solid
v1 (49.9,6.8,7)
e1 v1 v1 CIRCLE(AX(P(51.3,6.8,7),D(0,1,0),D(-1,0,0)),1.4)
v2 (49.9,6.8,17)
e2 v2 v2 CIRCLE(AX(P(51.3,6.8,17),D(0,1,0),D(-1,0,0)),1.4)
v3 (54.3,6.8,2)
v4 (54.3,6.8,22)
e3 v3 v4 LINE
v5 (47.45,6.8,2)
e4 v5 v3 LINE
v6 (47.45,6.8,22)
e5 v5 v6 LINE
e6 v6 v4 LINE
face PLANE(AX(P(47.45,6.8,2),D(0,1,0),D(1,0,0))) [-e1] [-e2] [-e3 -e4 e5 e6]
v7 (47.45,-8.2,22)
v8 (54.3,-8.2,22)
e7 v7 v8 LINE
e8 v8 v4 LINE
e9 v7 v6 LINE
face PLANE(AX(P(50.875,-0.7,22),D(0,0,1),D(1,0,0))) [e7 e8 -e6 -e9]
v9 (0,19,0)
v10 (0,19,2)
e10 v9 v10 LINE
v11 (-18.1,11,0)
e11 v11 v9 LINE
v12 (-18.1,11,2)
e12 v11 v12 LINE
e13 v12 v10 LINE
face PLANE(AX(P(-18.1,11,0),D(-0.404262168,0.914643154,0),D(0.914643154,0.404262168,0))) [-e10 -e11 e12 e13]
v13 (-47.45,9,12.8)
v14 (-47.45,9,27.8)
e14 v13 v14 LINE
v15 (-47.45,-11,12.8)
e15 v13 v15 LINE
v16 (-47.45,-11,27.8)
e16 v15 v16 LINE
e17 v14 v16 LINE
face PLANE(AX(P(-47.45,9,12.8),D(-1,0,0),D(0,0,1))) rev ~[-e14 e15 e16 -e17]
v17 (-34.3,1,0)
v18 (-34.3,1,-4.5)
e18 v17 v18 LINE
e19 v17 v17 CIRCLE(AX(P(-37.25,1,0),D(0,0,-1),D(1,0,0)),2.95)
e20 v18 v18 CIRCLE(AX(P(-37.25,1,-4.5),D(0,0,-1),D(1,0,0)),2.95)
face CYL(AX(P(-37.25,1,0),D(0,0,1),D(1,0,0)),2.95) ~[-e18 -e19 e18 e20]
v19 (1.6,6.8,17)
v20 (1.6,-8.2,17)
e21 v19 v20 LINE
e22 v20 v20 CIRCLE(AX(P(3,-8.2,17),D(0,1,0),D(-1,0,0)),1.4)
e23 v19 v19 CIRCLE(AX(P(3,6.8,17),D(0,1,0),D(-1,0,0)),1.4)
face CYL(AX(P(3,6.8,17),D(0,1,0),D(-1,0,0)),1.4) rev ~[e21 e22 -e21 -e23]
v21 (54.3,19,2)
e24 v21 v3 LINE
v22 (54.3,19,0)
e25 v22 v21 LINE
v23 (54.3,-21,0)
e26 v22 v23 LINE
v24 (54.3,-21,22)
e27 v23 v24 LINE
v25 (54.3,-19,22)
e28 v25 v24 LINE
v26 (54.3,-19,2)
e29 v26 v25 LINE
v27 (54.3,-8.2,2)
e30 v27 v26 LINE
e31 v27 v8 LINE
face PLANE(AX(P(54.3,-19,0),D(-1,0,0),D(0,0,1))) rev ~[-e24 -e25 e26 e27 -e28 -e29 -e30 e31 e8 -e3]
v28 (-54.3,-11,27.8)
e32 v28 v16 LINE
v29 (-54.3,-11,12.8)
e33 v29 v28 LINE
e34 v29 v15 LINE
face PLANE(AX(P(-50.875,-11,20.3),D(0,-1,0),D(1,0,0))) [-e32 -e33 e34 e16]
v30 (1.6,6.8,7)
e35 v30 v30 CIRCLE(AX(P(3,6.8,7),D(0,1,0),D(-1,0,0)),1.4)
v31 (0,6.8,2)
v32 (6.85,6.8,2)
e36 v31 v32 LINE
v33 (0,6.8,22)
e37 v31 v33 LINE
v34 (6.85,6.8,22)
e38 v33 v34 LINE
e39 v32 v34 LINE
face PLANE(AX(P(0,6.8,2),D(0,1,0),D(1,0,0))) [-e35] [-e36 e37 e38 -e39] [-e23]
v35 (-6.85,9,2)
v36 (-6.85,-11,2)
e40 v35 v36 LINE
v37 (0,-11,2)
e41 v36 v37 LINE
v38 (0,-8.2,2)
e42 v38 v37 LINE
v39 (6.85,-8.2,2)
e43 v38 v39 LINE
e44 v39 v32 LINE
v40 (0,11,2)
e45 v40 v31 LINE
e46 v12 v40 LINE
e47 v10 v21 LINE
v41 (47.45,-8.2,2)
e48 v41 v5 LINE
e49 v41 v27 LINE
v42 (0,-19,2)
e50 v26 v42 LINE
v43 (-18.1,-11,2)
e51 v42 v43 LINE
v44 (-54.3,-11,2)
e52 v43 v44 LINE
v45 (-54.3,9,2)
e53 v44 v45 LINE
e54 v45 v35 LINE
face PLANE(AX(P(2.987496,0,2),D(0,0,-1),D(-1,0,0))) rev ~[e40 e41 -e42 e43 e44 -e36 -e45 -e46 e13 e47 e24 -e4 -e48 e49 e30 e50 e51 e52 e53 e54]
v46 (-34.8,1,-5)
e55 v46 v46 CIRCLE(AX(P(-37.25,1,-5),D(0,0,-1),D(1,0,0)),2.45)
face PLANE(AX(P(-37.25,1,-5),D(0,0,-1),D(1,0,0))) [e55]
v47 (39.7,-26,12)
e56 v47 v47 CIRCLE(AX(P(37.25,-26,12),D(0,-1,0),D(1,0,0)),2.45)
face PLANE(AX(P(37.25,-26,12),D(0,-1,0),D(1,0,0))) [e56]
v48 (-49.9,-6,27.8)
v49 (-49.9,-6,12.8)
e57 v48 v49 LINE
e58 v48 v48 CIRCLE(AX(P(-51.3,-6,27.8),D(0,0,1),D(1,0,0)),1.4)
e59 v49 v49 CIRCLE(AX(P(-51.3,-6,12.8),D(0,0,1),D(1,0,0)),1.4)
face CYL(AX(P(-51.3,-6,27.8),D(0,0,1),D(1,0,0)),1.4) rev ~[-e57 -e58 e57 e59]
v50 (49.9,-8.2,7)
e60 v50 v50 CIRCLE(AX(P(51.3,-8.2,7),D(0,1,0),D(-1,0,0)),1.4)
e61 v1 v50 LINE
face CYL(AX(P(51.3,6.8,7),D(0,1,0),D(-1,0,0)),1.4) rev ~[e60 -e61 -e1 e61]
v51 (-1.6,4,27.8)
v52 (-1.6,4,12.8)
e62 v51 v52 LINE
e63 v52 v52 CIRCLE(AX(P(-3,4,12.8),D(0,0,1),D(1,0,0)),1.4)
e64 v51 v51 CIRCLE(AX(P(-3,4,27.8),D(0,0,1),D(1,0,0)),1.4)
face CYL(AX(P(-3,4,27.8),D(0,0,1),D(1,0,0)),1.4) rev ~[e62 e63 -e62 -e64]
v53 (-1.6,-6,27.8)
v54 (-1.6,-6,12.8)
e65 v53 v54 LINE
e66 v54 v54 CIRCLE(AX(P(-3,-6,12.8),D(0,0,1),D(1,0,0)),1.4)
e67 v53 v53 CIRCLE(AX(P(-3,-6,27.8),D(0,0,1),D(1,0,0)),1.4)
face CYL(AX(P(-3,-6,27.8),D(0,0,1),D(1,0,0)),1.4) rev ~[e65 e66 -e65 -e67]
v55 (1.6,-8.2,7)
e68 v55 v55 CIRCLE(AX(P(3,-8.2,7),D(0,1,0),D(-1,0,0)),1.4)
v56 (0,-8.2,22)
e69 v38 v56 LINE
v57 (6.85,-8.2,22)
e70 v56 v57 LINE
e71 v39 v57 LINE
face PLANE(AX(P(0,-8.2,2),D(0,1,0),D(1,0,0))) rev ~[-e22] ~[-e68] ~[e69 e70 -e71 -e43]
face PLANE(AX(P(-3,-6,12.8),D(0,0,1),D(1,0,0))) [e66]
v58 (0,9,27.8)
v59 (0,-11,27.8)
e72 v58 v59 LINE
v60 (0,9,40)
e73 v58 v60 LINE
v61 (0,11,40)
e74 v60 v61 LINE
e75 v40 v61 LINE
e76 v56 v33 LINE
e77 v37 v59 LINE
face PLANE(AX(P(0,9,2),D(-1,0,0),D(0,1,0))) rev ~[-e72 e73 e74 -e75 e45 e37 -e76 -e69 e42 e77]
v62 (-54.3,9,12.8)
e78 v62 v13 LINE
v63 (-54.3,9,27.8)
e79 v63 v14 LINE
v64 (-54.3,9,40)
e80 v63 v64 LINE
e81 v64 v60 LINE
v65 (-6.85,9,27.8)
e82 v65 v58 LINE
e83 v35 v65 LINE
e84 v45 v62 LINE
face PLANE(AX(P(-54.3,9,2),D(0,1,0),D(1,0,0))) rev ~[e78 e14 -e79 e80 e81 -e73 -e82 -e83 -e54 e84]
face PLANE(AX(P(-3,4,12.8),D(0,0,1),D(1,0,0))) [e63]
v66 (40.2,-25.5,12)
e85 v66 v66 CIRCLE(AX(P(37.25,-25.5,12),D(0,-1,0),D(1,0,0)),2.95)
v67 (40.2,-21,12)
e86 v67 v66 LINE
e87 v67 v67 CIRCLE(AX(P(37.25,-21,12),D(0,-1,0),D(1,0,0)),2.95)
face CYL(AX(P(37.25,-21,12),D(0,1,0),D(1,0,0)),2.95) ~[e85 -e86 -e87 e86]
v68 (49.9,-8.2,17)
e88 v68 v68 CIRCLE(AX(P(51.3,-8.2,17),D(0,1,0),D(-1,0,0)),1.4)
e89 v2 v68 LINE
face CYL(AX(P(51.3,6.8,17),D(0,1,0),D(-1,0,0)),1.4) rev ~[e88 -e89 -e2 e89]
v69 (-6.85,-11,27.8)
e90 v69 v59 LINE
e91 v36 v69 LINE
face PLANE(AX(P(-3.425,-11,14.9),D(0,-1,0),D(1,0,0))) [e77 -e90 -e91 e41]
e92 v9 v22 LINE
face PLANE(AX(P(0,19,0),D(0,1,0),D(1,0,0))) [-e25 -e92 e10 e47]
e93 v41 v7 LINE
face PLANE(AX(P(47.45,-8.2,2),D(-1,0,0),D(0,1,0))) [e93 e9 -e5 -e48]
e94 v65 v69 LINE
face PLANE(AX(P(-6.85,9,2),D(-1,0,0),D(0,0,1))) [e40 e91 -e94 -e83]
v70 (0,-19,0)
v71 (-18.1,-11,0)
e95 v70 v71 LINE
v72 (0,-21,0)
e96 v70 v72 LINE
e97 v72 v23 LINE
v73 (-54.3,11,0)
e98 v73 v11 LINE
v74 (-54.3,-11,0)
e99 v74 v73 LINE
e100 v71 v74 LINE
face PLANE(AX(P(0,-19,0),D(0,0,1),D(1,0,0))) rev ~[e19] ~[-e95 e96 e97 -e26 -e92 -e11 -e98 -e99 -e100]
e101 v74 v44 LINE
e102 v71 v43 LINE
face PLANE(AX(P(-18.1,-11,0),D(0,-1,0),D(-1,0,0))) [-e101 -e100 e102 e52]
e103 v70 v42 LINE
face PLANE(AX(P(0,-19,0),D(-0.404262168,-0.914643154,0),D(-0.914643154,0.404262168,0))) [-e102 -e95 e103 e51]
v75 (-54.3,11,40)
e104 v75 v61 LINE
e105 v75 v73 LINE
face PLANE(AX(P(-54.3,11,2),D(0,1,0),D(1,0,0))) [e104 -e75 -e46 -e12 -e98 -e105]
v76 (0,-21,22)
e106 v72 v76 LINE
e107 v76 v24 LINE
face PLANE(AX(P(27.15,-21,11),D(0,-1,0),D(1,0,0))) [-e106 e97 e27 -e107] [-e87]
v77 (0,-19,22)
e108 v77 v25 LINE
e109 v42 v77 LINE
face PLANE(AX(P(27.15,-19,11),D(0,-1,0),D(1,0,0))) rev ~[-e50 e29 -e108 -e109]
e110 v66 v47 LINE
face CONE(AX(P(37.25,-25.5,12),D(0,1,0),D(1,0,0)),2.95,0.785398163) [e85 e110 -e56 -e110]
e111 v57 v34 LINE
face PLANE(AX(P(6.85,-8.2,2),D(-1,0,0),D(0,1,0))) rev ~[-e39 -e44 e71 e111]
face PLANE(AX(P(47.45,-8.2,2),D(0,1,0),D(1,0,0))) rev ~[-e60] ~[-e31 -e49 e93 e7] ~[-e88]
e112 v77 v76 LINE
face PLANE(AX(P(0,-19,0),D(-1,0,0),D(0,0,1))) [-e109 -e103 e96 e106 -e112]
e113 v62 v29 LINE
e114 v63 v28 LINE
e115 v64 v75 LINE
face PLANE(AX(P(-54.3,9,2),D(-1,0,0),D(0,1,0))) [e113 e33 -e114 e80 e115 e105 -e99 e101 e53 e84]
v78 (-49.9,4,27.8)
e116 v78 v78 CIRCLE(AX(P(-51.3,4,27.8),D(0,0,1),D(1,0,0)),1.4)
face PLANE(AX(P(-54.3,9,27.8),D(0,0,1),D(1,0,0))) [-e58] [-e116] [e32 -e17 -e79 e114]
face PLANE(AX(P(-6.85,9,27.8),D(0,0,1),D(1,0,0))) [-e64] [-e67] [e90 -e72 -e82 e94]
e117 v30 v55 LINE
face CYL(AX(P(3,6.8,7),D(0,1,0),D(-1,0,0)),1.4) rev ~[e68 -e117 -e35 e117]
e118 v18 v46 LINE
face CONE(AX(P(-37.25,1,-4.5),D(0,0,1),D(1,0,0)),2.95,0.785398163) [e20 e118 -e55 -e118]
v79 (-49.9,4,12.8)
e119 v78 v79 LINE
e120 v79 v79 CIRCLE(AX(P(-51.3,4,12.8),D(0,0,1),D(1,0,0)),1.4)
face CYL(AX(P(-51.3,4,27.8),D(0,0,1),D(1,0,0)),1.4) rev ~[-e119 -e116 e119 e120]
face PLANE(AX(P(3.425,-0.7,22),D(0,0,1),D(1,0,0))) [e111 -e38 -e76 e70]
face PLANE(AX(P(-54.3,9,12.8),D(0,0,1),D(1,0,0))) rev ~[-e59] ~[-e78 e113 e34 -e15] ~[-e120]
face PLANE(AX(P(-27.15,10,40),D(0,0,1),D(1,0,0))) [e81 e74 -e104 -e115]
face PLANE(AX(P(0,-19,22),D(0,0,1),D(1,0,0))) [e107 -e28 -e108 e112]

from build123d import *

# Parameters (mm, degrees)
PAD_DEPTH       = 2
SKETCH002_W     = 54.3
SKETCH002_H     = 22
PAD001_DEPTH    = 2
SKETCH003_R     = 2.95
PAD002_DEPTH    = 5
CHAMFER_SIZE    = 0.5
SKETCH004_W     = 6.85
SKETCH004_H     = 15
PAD003_DEPTH    = 20
SKETCH005_R     = 1.4
POCKET_DEPTH    = 15
SKETCH006_W     = 6.85
SKETCH006_H     = 15
PAD004_DEPTH    = 20
SKETCH007_R     = 1.4
POCKET001_DEPTH = 15
SKETCH008_W     = 54.3
SKETCH008_H     = 2
PAD005_DEPTH    = 38
SKETCH009_W     = 6.85
SKETCH009_H     = 15
PAD006_DEPTH    = 20
SKETCH010_R     = 1.4
POCKET002_DEPTH = 15
SKETCH011_W     = 6.85
SKETCH011_H     = 25.8
PAD007_DEPTH    = 20
SKETCH012_R     = 1.4
POCKET003_DEPTH = 15
SKETCH013_R     = 2.95
PAD008_DEPTH    = 5
CHAMFER001_SIZE = 0.5


with BuildPart() as part:
    # Sketch → Pad (new body)
    with BuildSketch(Plane.XY):
        Polygon((54.3, 19), (54.3, -19), (0, -19), (-18.1, -11), (-54.3, -11), (-54.3, 11), (-18.1, 11), (0, 19), align=None)
    extrude(amount=PAD_DEPTH)

    # Sketch002 (on Face2 of Pad) → Pad001 (join)
    with BuildSketch(Plane.XZ.offset(19)):
        with Locations((27.15, 11)):
            Rectangle(SKETCH002_W, SKETCH002_H)
    extrude(amount=PAD001_DEPTH)

    # Sketch003 (on Face10 of Pad001) → Pad002 (join)
    with BuildSketch(Plane.XZ.offset(21)):
        with Locations((37.25, 12)):
            Circle(SKETCH003_R)
    extrude(amount=PAD002_DEPTH)

    # Chamfer
    chamfer_edges = [part.edges().sort_by_distance(p)[0] for p in [
        (34.3, -26, 12),
    ]]
    chamfer(chamfer_edges, length=CHAMFER_SIZE)

    # Sketch004 (on Face18 of Chamfer) → Pad003 (join)
    with BuildSketch(Plane.XY.offset(2)):
        with Locations((3.425, -0.7)):
            Rectangle(SKETCH004_W, SKETCH004_H)
    extrude(amount=PAD003_DEPTH)

    # Sketch005 (on Face22 of Pad003) → Pocket (cut)
    with BuildSketch(Plane(origin=(0, 6.8, 0), x_dir=(-1, 0, 0), z_dir=(0, 1, 0))):
        with Locations((-3, 17)):
            Circle(SKETCH005_R)
        with Locations((-3, 7)):
            Circle(SKETCH005_R)
    extrude(amount=-POCKET_DEPTH, mode=Mode.SUBTRACT)

    # Sketch006 (on Face18 of Pocket) → Pad004 (join)
    with BuildSketch(Plane.XY.offset(2)):
        with Locations((50.875, -0.7)):
            Rectangle(SKETCH006_W, SKETCH006_H)
    extrude(amount=PAD004_DEPTH)

    # Sketch007 (on Face20 of Pad004) → Pocket001 (cut)
    with BuildSketch(Plane(origin=(0, 6.8, 0), x_dir=(-1, 0, 0), z_dir=(0, 1, 0))):
        with Locations((-51.3, 17)):
            Circle(SKETCH007_R)
        with Locations((-51.3, 7)):
            Circle(SKETCH007_R)
    extrude(amount=-POCKET001_DEPTH, mode=Mode.SUBTRACT)

    # Sketch008 (on Face18 of Pocket001) → Pad005 (join)
    with BuildSketch(Plane.XY.offset(2)):
        with Locations((-27.15, 10)):
            Rectangle(SKETCH008_W, SKETCH008_H)
    extrude(amount=PAD005_DEPTH)

    # Sketch009 (on Face25 of Pad005) → Pad006 (join)
    with BuildSketch(Plane.XZ.offset(-9)):
        with Locations((-50.875, 20.3)):
            Rectangle(SKETCH009_W, SKETCH009_H)
    extrude(amount=PAD006_DEPTH)

    # Sketch010 (on Face38 of Pad006) → Pocket002 (cut)
    with BuildSketch(Plane.XY.offset(27.8)):
        with Locations((-51.3, -6)):
            Circle(SKETCH010_R)
        with Locations((-51.3, 4)):
            Circle(SKETCH010_R)
    extrude(amount=-POCKET002_DEPTH, mode=Mode.SUBTRACT)

    # Sketch011 (on Face25 of Pocket002) → Pad007 (join)
    with BuildSketch(Plane.XZ.offset(-9)):
        with Locations((-3.425, 14.9)):
            Rectangle(SKETCH011_W, SKETCH011_H)
    extrude(amount=PAD007_DEPTH)

    # Sketch012 (on Face41 of Pad007) → Pocket003 (cut)
    with BuildSketch(Plane.XY.offset(27.8)):
        with Locations((-3, -6)):
            Circle(SKETCH012_R)
        with Locations((-3, 4)):
            Circle(SKETCH012_R)
    extrude(amount=-POCKET003_DEPTH, mode=Mode.SUBTRACT)

    # Sketch013 (on Face9 of Pocket003) → Pad008 (join)
    with BuildSketch(Plane(origin=(0, 0, 0), x_dir=(1, 0, 0), z_dir=(0, 0, -1))):
        with Locations((-37.25, -1)):
            Circle(SKETCH013_R)
    extrude(amount=PAD008_DEPTH)

    # Chamfer001
    chamfer001_edges = [part.edges().sort_by_distance(p)[0] for p in [
        (-40.2, 1, -5),
    ]]
    chamfer(chamfer001_edges, length=CHAMFER001_SIZE)


solid = part.part
